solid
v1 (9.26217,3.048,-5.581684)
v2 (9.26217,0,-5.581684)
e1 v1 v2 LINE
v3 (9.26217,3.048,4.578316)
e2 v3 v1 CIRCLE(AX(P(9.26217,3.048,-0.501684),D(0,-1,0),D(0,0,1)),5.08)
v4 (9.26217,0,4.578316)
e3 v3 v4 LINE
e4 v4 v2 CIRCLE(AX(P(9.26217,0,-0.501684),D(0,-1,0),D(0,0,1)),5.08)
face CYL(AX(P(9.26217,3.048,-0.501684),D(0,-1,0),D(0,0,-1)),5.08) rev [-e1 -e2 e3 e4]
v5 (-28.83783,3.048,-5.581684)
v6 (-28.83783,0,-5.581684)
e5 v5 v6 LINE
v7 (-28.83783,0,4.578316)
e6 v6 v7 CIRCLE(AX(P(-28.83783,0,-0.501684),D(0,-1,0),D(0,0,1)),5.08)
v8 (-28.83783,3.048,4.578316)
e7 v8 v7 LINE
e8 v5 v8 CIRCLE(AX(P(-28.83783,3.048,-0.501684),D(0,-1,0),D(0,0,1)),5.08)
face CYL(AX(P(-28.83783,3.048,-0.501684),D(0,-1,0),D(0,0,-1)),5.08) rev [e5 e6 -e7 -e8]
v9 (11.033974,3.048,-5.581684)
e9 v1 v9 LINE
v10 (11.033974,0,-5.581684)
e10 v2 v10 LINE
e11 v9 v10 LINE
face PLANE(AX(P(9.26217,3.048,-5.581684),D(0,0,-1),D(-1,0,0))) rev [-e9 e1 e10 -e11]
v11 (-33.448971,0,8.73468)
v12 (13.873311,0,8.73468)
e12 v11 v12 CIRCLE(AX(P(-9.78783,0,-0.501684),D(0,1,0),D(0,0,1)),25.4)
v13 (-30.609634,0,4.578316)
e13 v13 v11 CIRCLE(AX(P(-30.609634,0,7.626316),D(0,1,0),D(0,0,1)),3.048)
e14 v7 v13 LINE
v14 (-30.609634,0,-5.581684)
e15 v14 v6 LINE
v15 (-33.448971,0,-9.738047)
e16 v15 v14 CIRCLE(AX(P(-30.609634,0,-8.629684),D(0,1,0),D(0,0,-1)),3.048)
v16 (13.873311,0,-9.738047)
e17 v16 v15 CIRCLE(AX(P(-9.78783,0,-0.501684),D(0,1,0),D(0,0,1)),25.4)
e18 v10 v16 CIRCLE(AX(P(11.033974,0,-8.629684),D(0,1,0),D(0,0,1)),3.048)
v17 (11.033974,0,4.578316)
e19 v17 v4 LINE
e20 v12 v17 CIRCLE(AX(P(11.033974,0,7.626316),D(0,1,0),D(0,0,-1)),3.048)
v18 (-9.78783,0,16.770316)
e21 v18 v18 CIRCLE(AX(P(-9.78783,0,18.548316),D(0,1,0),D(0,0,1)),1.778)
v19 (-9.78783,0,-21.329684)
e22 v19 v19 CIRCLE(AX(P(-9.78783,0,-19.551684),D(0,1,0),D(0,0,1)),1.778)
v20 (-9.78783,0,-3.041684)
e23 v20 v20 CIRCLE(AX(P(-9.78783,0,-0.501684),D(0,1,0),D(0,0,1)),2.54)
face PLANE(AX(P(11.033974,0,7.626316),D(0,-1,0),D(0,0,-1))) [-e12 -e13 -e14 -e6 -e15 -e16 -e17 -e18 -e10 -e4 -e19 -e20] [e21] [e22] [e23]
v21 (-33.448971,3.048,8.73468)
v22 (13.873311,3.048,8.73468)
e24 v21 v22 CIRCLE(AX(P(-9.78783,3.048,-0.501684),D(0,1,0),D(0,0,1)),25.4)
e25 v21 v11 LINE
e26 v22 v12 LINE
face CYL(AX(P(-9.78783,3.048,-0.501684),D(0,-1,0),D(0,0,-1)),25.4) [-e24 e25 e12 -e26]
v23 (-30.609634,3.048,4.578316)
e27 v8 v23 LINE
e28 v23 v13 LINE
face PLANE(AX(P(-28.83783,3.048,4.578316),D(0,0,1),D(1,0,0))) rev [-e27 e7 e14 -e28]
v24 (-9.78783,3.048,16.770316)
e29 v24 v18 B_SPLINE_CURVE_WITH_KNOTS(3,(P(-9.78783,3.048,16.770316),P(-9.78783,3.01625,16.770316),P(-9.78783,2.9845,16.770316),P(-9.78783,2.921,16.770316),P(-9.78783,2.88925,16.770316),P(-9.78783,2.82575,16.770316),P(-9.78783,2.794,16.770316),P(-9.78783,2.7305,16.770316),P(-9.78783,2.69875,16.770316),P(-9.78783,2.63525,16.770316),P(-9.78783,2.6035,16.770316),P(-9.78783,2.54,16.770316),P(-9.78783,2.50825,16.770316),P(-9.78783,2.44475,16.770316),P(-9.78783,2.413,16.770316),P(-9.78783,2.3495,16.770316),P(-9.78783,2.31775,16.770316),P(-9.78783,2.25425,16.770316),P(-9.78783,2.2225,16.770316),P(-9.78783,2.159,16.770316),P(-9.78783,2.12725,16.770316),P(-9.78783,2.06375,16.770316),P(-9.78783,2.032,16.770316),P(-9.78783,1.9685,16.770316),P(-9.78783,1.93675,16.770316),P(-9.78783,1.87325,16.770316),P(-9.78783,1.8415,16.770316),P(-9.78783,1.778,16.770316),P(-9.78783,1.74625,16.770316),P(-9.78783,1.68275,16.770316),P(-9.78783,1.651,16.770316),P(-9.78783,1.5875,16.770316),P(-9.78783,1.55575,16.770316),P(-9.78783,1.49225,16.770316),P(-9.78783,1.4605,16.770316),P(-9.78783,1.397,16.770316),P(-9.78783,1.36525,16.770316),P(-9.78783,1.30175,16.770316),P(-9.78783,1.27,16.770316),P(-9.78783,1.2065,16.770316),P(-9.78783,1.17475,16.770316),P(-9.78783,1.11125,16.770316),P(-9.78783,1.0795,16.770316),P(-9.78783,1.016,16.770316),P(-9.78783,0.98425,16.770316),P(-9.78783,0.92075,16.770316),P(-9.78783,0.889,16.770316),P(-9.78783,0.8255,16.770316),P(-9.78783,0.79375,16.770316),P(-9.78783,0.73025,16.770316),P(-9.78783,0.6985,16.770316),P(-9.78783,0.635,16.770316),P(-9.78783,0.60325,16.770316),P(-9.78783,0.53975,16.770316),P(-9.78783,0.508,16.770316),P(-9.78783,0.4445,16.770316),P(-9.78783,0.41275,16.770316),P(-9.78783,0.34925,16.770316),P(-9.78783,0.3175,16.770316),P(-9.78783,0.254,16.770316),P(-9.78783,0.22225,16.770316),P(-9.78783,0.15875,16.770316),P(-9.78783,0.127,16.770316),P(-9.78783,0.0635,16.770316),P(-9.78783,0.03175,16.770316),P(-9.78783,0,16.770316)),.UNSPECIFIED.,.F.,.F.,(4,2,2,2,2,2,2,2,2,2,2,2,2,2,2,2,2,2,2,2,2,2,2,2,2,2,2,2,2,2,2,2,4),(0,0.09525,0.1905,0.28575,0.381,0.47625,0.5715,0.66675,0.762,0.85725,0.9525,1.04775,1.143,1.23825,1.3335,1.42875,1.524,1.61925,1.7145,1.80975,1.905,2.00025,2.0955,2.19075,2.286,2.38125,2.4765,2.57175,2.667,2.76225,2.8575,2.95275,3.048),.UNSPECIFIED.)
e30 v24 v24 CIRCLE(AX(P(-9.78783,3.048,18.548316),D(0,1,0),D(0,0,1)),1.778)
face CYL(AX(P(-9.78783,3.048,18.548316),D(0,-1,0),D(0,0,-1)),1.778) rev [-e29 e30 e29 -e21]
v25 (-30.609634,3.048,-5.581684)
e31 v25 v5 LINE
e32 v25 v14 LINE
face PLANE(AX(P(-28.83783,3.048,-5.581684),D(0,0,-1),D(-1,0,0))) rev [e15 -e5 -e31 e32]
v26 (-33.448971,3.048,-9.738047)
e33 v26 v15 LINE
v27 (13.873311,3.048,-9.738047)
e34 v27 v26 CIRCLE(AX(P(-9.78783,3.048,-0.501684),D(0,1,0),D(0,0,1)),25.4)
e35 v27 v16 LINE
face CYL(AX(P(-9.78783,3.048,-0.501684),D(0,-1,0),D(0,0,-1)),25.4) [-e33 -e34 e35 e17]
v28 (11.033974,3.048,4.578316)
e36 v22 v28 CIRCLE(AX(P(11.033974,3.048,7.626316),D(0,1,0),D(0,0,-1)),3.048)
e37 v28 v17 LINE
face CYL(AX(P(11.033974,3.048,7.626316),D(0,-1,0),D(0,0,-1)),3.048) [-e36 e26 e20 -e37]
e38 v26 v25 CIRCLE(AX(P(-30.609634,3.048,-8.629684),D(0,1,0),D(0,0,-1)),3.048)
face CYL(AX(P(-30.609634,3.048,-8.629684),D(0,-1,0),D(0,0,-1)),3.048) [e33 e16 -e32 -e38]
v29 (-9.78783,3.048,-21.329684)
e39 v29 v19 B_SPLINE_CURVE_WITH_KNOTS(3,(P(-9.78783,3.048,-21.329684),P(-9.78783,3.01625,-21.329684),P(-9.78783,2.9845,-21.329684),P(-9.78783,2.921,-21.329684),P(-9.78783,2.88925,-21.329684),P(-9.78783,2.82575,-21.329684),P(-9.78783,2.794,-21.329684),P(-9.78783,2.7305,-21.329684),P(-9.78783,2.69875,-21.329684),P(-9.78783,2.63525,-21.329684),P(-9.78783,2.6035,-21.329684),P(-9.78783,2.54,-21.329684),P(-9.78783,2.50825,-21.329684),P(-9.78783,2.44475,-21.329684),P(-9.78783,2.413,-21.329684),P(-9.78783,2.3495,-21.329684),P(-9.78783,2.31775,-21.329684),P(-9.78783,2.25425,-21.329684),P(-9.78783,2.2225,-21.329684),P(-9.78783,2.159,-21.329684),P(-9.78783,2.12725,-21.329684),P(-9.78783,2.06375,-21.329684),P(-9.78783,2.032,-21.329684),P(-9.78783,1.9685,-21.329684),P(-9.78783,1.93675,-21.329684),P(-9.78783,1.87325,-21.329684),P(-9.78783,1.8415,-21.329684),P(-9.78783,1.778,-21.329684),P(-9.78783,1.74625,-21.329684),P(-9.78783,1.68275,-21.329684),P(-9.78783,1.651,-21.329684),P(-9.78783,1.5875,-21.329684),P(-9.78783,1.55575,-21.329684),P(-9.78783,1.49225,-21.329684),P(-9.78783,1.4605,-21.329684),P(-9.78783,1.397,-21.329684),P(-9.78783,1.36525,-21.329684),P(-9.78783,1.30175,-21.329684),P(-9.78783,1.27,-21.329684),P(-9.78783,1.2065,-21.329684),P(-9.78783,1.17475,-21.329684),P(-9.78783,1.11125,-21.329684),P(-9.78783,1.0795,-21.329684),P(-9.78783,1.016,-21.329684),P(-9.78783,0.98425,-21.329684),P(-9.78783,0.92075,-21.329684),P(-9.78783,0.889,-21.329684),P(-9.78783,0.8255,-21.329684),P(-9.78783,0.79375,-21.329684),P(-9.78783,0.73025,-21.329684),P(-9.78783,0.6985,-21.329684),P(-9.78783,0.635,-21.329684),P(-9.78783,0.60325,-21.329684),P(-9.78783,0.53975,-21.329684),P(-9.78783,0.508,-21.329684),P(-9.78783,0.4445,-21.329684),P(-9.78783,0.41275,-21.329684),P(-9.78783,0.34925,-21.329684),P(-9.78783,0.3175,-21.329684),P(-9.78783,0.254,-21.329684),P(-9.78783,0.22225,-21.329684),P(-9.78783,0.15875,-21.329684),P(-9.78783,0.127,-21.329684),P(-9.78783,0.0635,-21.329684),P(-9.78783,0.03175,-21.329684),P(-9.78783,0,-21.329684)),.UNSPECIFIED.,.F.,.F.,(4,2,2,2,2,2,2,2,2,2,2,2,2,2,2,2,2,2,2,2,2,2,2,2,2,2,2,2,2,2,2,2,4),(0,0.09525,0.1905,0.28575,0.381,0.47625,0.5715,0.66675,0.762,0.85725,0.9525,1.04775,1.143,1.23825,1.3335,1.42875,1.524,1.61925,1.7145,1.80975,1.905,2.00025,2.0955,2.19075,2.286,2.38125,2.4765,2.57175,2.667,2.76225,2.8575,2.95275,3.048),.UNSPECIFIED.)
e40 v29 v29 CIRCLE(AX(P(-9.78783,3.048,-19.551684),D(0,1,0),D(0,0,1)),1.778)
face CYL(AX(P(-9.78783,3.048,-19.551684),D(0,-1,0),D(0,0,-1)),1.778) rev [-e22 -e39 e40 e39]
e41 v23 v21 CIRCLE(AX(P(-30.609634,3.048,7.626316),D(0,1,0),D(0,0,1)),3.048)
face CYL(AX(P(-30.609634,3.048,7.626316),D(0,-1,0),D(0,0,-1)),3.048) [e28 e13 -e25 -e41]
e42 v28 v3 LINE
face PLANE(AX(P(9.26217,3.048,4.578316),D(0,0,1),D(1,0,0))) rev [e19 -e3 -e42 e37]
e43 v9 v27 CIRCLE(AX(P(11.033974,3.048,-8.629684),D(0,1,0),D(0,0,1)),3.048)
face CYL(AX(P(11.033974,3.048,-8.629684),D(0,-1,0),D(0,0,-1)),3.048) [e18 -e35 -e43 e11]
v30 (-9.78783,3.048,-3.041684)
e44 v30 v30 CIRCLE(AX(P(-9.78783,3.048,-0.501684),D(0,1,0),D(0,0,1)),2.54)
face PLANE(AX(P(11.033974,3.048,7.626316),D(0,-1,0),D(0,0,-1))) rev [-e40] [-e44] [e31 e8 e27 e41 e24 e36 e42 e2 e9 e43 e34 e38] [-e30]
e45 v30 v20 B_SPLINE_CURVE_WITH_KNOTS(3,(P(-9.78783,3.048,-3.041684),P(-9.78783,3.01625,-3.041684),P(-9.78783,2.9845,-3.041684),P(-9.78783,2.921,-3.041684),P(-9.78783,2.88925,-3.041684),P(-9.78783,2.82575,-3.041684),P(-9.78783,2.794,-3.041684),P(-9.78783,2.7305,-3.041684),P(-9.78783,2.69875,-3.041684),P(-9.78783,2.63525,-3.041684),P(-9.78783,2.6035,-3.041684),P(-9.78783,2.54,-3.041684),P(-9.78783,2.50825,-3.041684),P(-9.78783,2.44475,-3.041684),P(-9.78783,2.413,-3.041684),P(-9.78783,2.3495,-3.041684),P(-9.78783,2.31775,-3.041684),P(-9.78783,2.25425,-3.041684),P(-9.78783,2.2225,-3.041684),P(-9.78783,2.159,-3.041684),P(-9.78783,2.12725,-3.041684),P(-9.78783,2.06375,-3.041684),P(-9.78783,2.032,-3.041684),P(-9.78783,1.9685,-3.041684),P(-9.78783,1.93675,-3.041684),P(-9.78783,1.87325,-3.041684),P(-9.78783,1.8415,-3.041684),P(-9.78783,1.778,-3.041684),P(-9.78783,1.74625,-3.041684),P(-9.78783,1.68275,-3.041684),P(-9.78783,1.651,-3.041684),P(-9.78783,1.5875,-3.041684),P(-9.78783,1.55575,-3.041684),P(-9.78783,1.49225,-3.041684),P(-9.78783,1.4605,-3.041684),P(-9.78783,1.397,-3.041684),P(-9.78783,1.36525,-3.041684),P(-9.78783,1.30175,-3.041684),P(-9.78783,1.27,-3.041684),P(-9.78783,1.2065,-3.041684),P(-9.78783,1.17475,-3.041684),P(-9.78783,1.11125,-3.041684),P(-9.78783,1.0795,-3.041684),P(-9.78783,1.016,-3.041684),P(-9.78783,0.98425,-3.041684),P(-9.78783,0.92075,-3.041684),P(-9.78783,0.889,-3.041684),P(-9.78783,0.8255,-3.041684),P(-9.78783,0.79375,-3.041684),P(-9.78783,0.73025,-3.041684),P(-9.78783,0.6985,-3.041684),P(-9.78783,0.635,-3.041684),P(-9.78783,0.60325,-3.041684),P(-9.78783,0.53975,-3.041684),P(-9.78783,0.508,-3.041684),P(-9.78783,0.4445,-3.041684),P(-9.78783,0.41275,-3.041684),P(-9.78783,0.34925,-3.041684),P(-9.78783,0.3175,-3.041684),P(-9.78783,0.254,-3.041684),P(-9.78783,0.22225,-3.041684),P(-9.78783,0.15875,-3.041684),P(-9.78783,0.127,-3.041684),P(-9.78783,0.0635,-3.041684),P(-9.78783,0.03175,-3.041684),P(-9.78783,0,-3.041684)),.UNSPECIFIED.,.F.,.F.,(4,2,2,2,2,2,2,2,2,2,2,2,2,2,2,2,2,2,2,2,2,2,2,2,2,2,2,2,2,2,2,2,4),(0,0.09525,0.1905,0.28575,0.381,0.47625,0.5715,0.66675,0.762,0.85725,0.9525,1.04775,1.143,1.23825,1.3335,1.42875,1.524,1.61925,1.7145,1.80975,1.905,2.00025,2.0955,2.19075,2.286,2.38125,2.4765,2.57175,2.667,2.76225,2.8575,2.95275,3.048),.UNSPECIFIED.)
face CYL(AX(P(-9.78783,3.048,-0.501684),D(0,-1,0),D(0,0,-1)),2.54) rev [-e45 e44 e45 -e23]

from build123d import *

# Parameters (mm, degrees)
SKETCH1_R           = 1.778
SKETCH1_R_2         = 2.54
BOSS_EXTRUDE1_DEPTH = 3.048


with BuildPart() as part:
    # Sketch1 → Boss-Extrude1 (new body)
    with BuildSketch(Plane(origin=(0, 0, 0), x_dir=(1, 0, 0), z_dir=(0, 1, 0))):
        with BuildLine():
            Line((-28.837830229, 5.581683581), (-30.609634186, 5.581683581))
            ThreePointArc((-30.609634186, 5.581683581), (-33.126437353, 6.910379705), (-33.448971089, 9.738047217))
            ThreePointArc((-33.448971089, 9.738047217), (-9.787830229, 25.901683581), (13.87331063, 9.738047217))
            ThreePointArc((13.87331063, 9.738047217), (13.550776894, 6.910379705), (11.033973727, 5.581683581))
            Line((11.033973727, 5.581683581), (9.262169771, 5.581683581))
            ThreePointArc((9.262169771, 5.581683581), (4.182169771, 0.501683581), (9.262169771, -4.578316419))
            Line((9.262169771, -4.578316419), (11.033973727, -4.578316419))
            ThreePointArc((11.033973727, -4.578316419), (13.550776894, -5.907012543), (13.87331063, -8.734680055))
            ThreePointArc((13.87331063, -8.734680055), (-9.787830229, -24.898316419), (-33.448971089, -8.734680055))
            ThreePointArc((-33.448971089, -8.734680055), (-33.126437353, -5.907012543), (-30.609634186, -4.578316419))
            Line((-30.609634186, -4.578316419), (-28.837830229, -4.578316419))
            ThreePointArc((-28.837830229, -4.578316419), (-23.757830229, 0.501683581), (-28.837830229, 5.581683581))
        make_face()
        with Locations(Location((-9.787830229, 19.551683581, 0), (0, 0, 90))):
            Circle(SKETCH1_R, mode=Mode.SUBTRACT)
        with Locations(Location((-9.787830229, -18.548316419, 0), (0, 0, 90))):
            Circle(SKETCH1_R, mode=Mode.SUBTRACT)
        with Locations(Location((-9.787830229, 0.501683581, 0), (0, 0, 90))):
            Circle(SKETCH1_R_2, mode=Mode.SUBTRACT)
    extrude(amount=BOSS_EXTRUDE1_DEPTH)


solid = part.part
